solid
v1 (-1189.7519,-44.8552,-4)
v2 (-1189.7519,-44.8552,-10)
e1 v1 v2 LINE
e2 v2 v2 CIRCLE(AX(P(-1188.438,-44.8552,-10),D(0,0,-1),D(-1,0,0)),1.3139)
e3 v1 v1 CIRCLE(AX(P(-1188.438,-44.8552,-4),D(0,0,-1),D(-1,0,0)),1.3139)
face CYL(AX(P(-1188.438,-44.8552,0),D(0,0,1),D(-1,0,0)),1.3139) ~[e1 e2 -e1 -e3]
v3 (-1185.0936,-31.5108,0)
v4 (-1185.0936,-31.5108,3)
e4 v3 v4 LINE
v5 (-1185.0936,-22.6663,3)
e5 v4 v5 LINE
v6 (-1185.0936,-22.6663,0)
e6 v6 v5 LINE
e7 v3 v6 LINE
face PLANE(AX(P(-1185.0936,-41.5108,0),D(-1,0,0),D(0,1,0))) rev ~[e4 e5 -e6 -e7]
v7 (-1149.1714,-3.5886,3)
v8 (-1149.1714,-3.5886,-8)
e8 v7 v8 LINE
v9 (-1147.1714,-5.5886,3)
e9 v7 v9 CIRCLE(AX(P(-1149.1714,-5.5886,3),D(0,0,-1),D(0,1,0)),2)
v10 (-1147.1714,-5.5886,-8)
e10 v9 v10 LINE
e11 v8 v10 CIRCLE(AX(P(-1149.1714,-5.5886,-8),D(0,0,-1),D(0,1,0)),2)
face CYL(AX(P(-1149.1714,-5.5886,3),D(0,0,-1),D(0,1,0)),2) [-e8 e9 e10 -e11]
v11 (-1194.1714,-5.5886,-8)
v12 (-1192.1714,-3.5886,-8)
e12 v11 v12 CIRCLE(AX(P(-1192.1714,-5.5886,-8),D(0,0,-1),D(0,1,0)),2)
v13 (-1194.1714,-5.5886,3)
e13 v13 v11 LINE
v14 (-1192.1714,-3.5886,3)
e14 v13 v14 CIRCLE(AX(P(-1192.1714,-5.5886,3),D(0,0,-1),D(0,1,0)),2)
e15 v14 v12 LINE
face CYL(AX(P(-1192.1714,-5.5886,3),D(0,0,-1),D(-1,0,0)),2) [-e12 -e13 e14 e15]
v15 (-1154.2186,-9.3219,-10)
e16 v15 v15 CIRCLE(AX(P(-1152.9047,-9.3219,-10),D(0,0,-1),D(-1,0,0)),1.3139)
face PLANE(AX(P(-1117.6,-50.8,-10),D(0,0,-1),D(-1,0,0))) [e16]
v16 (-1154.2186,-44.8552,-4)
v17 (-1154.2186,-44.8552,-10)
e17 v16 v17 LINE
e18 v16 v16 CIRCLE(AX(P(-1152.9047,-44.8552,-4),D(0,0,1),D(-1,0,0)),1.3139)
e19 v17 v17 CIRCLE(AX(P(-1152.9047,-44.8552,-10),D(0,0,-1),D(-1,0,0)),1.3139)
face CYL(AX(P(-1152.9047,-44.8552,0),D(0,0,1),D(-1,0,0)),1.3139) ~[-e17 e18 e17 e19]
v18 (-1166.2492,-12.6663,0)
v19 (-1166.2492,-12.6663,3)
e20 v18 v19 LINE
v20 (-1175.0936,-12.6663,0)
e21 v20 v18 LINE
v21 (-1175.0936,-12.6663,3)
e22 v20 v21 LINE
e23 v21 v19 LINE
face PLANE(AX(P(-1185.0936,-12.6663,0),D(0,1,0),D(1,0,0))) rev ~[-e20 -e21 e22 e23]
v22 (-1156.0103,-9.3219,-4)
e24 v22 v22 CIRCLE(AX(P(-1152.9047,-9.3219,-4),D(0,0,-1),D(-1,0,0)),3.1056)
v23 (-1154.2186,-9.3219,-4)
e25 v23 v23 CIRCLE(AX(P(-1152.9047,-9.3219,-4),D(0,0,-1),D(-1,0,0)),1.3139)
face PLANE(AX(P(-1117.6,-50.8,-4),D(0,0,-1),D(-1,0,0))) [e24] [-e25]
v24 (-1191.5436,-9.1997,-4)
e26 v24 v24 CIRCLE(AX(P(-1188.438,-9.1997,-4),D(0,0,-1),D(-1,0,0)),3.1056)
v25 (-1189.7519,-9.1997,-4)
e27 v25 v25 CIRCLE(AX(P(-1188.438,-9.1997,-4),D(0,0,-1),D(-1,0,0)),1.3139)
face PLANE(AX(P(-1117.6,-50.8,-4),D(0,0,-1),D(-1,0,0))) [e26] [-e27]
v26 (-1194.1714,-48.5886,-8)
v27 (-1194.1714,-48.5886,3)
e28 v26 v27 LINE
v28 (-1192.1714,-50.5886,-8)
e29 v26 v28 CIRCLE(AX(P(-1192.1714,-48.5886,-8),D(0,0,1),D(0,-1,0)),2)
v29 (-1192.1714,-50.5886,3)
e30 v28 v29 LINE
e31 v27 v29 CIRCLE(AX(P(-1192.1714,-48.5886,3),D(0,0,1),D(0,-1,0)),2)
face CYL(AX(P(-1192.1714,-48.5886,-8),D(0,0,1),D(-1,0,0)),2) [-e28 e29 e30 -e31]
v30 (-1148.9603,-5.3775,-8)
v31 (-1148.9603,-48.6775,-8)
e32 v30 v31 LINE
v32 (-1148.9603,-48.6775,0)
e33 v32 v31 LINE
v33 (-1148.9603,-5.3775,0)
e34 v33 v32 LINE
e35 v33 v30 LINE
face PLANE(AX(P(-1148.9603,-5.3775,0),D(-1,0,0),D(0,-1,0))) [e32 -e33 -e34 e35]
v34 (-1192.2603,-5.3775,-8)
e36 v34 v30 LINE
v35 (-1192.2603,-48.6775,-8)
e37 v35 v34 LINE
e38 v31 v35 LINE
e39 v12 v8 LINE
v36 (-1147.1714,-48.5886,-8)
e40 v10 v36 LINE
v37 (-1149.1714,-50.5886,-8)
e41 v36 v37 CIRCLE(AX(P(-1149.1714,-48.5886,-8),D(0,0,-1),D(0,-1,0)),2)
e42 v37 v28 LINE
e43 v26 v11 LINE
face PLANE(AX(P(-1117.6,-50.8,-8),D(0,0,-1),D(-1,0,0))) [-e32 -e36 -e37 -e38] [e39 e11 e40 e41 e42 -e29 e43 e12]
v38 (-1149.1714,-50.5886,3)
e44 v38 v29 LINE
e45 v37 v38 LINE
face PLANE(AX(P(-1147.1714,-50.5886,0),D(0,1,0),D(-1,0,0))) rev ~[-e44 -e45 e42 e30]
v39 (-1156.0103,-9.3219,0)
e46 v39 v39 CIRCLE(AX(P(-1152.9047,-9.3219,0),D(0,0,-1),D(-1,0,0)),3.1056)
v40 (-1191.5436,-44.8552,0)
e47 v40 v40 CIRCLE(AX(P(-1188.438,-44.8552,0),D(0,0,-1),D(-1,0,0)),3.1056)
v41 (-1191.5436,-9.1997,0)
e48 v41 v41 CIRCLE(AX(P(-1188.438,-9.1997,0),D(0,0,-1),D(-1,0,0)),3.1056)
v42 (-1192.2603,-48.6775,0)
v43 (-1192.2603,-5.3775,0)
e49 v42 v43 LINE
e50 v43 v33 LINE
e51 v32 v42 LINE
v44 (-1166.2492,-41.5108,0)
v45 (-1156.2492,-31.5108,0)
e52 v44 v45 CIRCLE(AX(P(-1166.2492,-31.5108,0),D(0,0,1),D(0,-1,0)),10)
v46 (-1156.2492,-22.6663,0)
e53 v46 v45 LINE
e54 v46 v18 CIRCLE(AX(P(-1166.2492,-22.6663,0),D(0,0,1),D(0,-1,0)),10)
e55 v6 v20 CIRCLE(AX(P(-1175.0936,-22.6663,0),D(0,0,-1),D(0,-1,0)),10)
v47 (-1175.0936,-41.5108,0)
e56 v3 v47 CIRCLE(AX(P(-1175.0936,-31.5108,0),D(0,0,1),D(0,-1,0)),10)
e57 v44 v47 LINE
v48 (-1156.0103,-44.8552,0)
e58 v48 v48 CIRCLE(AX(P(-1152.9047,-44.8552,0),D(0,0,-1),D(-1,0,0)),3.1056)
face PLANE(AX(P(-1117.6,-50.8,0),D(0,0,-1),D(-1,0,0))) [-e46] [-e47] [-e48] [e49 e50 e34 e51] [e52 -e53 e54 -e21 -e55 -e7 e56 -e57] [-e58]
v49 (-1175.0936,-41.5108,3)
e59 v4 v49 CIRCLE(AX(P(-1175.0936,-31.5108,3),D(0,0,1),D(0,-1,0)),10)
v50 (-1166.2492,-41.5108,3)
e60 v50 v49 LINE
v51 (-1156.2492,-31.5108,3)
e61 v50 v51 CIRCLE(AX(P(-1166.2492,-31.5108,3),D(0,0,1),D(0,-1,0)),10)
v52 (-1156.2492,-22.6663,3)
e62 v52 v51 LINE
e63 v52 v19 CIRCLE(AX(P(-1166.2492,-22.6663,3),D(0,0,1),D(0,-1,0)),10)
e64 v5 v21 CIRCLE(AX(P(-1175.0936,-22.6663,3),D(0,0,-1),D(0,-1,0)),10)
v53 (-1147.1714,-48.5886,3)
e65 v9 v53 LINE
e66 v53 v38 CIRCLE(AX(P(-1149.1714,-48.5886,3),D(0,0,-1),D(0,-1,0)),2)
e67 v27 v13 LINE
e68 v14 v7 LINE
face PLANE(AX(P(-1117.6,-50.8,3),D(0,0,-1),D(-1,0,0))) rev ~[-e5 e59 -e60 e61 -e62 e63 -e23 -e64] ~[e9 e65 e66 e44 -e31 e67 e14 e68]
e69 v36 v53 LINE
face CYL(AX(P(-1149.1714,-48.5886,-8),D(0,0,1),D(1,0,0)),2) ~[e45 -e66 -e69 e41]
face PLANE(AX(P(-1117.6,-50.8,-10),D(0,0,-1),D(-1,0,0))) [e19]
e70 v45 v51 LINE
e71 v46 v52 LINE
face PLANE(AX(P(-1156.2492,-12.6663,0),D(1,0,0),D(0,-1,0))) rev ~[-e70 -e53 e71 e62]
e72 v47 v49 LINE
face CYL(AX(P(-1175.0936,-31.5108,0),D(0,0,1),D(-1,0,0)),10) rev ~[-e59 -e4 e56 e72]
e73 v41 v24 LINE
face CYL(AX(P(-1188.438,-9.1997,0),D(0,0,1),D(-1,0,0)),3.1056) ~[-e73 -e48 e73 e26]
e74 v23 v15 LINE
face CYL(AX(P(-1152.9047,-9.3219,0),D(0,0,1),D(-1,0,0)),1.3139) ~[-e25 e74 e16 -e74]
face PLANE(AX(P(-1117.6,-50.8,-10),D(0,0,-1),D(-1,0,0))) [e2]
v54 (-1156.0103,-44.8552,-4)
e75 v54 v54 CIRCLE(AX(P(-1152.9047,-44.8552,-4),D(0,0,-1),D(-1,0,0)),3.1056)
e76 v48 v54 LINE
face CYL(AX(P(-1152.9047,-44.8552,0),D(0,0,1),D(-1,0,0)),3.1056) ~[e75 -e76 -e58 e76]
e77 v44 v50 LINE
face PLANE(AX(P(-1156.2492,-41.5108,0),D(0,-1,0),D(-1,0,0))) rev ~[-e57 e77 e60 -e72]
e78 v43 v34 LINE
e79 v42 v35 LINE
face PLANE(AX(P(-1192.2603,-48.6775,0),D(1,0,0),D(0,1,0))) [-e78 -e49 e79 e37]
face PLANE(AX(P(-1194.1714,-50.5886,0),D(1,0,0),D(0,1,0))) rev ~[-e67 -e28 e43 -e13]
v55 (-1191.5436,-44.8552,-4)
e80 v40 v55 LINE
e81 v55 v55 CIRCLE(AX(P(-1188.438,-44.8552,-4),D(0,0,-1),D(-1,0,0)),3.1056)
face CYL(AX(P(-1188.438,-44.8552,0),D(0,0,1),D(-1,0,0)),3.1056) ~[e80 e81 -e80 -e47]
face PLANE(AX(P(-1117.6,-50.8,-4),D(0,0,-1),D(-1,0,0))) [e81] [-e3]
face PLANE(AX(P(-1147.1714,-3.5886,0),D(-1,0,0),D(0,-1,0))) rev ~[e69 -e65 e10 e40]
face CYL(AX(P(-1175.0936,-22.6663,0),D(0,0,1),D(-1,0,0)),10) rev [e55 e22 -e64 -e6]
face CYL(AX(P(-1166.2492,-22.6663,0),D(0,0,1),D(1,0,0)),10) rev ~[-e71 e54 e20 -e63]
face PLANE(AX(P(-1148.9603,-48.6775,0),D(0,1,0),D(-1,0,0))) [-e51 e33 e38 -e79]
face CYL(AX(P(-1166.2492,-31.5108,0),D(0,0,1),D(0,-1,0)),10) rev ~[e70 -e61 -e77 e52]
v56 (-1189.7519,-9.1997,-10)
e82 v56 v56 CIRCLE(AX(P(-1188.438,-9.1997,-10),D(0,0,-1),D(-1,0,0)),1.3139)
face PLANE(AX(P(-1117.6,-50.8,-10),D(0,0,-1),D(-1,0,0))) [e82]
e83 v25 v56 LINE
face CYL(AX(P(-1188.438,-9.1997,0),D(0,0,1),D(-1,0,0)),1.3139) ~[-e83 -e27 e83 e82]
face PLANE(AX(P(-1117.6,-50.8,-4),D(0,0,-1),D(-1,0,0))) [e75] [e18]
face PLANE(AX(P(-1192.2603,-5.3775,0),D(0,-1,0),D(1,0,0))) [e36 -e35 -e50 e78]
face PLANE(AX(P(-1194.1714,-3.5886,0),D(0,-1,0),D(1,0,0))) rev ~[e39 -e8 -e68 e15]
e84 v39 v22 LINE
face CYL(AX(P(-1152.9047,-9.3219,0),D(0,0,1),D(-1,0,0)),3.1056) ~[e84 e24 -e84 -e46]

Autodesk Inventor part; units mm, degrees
ref_plane "YZ Plane" through (0, 0, 0) normal (1, 0, 0) x (0, 1, 0)
ref_plane "XZ Plane" through (0, 0, 0) normal (0, 1, 0) x (-1, 0, 0)
ref_plane "XY Plane" through (0, 0, 0) normal (0, 0, 1) x (1, 0, 0)
ref_plane "Work Plane3" through (-1117.6, -50.8, 0) normal (0, 0, -1) x (-1, 0, 0)
sketch "Sketch1" plane through (-1117.6, -50.8, 0) normal (0, 0, -1) x (-1, 0, 0)
  line L0 (76.5714, 47.2114) -> (29.5714, 47.2114)
  line L1 (29.5714, 47.2114) -> (29.5714, 0.2114)
  line L2 (29.5714, 0.2114) -> (76.5714, 0.2114)
  line L3 (76.5714, 0.2114) -> (76.5714, 47.2114)
  circle A0 centre (70.838, 41.6003) radius 1.3139
  line L4 (74.6603, 45.4225) -> (31.3603, 45.4225)
  line L5 (31.3603, 45.4225) -> (31.3603, 2.1225)
  line L6 (31.3603, 2.1225) -> (74.6603, 2.1225)
  line L7 (74.6603, 2.1225) -> (74.6603, 45.4225)
  circle A1 centre (35.3047, 41.4781) radius 1.3139
  circle A2 centre (35.3047, 5.9448) radius 1.3139
  circle A3 centre (70.838, 5.9448) radius 1.3139
  circle A4 centre (35.3047, 5.9448) radius 3.1056
  circle A5 centre (70.838, 5.9448) radius 3.1056
  circle A6 centre (70.838, 41.6003) radius 3.1056
  circle A7 centre (35.3047, 41.4781) radius 3.1056
  line L8 (38.6492, 9.2892) -> (67.4936, 9.2892)
  line L9 (67.4936, 9.2892) -> (67.4936, 38.1337)
  line L10 (67.4936, 38.1337) -> (38.6492, 38.1337)
  line L11 (38.6492, 38.1337) -> (38.6492, 9.2892)
  point P0 (-1117.6, 50.8)
  point P1 (53.0714, 47.2114)
  point P2 (53.0714, 0.2114)
  dimension "d1" = 47
  dimension "d2" = 47
  dimension "d4" = 2.6278
  dimension "d5" = 5.7333
  dimension "d6" = 1.9111
  dimension "d7" = 1.9111
  dimension "d8" = 43.3
  dimension "d9" = 43.3
  dimension "d10" = 2.6278
  dimension "d11" = 3.8222
  dimension "d12" = 5.7333
  dimension "d13" = 5.7333
  dimension "d14" = 2.6278
  dimension "d15" = 5.7333
  dimension "d16" = 5.7333
  dimension "d17" = 2.6278
  dimension "d18" = 5.7333
  dimension "d19" = 3.8222
  dimension "d20" = 6.2111
  dimension "d21" = 6.2111
  dimension "d22" = 6.2111
  dimension "d23" = 6.2111
  dimension "d24" = 9.0778
  dimension "d25" = 9.0778
  dimension "d26" = 9.0778
  dimension "d27" = 9.0778
extrude "Extrusion3" add sketch "Sketch1" along normal blind 8 contours L3 L2 L1 L0
extrude "Extrusion6" add sketch "Sketch1" along normal blind 10 contours A0 | A1 | A2 | A3
extrude "Extrusion7" add sketch "Sketch1" along normal blind 4 contours A2 | A4 | A5 | A6 | A7
extrude "Extrusion8" add sketch "Sketch1" against normal blind 3 contours L3 L2 L1 L0 | A0 | L7 L6 L5 L4 | A1 | A2 | A3 | A4 | A5 | A6 | A7
fillet "Fillet5" radius 10 4 edges at (-1156.2492, -12.6663, 1.5) (-1185.0936, -12.6663, 1.5) (-1185.0936, -41.5108, 1.5) (-1156.2492, -41.5108, 1.5)
fillet "Fillet6" radius 2 4 edges at (-1194.1714, -3.5886, -2.5) (-1147.1714, -3.5886, -2.5) (-1194.1714, -50.5886, -2.5) (-1147.1714, -50.5886, -2.5)
properties part number "mnt298bracket"
